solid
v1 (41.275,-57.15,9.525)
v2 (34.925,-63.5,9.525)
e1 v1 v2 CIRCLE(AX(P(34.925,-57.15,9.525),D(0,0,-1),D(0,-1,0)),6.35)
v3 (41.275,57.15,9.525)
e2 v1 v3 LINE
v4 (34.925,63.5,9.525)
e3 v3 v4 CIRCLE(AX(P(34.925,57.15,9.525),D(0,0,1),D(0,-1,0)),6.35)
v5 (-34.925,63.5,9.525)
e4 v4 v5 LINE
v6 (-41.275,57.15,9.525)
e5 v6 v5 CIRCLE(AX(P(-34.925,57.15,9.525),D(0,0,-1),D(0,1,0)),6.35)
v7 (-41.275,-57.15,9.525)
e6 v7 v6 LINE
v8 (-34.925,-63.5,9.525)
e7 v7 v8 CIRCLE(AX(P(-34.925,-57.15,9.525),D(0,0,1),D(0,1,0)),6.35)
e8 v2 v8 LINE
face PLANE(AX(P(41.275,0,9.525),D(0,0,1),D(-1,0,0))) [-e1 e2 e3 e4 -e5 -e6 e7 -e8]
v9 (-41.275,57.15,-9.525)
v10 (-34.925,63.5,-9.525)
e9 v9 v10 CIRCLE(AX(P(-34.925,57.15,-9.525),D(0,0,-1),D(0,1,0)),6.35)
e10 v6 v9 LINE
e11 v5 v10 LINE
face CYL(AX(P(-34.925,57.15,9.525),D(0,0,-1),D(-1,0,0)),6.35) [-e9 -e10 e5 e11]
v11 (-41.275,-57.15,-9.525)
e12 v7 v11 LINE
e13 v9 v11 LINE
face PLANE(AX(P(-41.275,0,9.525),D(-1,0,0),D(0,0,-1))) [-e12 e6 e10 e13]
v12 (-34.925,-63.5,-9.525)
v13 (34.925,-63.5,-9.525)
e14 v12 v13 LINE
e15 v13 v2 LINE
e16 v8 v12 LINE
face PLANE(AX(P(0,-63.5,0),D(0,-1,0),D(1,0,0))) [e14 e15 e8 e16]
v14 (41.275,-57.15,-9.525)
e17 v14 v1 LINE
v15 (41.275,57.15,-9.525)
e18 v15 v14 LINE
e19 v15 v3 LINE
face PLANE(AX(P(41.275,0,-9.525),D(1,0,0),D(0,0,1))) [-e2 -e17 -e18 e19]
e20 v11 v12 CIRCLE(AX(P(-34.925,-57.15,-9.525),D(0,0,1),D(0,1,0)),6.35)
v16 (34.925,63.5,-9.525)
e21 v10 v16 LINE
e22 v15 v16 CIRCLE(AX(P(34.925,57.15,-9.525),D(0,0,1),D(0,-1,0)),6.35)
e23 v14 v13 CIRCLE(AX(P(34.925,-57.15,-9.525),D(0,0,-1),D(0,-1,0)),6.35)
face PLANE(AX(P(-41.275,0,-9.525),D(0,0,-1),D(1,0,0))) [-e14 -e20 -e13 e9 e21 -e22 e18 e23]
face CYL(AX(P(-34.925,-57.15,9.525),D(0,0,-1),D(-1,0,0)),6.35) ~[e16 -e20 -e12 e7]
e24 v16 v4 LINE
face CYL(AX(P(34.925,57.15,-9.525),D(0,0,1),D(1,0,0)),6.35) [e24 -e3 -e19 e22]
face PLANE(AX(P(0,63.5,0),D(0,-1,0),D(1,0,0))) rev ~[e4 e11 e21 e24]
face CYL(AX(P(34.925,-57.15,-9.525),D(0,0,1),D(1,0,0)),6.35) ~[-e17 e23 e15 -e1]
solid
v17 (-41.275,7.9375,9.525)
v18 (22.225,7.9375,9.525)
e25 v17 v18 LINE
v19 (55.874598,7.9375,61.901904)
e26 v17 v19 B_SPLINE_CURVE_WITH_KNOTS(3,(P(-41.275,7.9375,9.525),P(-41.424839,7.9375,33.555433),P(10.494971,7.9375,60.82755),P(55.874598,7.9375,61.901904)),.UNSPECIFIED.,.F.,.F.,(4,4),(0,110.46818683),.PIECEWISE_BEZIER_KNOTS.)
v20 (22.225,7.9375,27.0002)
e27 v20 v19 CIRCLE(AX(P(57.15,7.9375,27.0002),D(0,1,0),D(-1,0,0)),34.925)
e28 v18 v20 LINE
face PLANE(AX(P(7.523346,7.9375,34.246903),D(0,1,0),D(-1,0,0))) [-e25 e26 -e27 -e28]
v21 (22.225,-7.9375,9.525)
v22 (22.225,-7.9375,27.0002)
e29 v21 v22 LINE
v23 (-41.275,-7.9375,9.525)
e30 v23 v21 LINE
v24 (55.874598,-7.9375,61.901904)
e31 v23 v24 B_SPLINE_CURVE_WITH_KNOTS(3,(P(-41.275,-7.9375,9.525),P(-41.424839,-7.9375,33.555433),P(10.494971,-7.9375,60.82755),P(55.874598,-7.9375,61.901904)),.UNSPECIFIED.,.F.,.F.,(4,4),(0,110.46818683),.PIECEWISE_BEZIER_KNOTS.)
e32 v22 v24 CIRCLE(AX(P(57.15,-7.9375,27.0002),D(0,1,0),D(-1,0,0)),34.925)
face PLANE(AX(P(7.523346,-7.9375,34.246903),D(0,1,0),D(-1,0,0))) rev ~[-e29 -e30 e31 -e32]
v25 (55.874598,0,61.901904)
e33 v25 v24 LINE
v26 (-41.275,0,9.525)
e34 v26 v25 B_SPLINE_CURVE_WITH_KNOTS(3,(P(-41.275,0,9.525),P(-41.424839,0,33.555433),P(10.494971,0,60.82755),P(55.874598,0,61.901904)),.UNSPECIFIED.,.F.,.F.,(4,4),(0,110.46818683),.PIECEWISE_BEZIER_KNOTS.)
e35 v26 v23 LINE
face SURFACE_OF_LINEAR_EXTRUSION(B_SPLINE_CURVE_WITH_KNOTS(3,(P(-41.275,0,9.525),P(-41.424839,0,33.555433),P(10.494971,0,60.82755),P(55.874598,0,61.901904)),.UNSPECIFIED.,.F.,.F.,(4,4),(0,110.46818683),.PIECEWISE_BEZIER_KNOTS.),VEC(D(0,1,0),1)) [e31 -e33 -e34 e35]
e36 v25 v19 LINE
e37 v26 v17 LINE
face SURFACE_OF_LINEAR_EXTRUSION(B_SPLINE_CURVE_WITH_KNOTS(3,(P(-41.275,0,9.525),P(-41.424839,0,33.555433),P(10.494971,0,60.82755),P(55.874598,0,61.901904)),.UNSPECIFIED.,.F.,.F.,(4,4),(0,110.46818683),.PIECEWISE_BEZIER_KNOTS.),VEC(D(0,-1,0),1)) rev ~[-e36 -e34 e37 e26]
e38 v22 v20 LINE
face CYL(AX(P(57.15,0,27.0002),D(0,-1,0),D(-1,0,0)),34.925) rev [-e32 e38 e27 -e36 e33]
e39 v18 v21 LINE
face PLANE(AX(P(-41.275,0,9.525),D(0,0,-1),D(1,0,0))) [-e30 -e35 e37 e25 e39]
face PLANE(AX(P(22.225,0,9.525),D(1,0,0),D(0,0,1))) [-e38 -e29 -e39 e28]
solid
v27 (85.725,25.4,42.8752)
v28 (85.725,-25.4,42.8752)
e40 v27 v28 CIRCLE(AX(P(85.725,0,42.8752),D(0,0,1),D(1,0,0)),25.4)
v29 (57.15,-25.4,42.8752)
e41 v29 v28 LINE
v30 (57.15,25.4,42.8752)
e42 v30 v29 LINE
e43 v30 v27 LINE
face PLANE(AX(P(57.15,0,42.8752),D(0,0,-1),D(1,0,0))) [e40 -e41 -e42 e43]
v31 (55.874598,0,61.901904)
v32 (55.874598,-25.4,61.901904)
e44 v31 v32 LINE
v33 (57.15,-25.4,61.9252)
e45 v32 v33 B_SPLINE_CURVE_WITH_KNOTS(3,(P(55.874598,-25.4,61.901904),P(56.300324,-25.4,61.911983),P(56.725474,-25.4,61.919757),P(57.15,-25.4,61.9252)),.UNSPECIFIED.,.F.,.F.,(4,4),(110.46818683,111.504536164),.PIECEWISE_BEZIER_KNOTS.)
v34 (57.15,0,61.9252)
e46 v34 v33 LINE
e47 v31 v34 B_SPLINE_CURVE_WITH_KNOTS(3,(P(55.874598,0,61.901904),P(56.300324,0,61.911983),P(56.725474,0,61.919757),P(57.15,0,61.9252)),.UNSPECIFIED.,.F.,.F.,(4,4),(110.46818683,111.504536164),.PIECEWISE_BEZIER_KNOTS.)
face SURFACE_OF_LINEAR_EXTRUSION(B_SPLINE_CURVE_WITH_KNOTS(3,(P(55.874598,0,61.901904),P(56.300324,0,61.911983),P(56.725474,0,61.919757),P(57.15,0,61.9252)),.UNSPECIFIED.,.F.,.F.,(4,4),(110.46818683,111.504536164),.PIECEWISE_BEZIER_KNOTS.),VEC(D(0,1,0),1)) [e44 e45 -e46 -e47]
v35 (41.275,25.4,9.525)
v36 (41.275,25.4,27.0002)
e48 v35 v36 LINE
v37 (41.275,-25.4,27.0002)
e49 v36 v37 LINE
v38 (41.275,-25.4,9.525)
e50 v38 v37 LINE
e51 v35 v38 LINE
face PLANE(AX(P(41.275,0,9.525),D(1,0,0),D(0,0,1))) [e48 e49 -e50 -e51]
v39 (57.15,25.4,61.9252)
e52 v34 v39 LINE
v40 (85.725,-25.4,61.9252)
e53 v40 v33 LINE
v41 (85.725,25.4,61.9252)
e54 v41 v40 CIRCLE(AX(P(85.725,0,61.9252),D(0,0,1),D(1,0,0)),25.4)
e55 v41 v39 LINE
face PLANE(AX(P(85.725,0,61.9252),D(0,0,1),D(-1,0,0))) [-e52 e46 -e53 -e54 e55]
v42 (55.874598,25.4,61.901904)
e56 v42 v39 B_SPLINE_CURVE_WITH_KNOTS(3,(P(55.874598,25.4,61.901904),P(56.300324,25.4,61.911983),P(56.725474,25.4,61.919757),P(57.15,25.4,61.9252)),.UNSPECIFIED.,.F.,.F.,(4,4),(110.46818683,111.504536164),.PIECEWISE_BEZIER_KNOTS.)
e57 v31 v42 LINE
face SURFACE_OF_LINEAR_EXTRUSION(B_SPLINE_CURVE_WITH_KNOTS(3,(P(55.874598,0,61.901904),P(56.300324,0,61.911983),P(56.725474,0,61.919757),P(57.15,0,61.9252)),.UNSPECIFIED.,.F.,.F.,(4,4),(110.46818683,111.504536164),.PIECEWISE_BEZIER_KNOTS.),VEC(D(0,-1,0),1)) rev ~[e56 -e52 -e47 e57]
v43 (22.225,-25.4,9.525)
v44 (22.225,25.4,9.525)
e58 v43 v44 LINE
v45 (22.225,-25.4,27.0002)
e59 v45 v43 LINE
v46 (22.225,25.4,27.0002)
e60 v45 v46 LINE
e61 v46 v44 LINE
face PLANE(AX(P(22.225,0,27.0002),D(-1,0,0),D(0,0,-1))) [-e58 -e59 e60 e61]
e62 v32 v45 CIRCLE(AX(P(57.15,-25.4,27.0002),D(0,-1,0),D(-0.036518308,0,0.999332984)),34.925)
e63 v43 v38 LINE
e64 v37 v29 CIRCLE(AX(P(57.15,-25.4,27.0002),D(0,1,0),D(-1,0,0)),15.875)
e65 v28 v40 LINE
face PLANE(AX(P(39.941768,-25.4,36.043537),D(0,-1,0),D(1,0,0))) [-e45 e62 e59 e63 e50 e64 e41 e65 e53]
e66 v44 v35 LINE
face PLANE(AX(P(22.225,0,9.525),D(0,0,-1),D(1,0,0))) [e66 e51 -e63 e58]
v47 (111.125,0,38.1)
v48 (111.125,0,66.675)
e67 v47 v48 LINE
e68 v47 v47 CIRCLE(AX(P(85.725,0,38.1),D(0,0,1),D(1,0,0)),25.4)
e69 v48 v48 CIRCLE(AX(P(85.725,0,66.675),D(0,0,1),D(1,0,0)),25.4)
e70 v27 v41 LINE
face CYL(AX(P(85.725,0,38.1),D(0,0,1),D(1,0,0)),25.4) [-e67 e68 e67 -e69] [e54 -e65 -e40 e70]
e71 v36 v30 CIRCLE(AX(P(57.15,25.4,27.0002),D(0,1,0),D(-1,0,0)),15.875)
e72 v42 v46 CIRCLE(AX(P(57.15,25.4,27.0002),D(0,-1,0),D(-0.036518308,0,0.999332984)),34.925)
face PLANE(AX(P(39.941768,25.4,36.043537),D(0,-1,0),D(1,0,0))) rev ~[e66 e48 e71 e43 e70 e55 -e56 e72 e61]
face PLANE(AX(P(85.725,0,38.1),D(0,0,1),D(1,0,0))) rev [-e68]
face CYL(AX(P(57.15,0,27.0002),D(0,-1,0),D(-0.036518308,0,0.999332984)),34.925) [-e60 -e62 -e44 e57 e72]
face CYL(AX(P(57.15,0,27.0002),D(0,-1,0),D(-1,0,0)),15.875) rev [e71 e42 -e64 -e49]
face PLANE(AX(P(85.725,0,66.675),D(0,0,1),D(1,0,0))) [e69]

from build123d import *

# Parameters (mm, degrees)
F1_DEPTH = 63.5
F0_W     = 25.4
F0_H     = 19.05
F2_DEPTH = 25.4
F3_DEPTH = 7.9375
F5_R     = 6.35


with BuildPart() as f1:
    # F0 (on Front) → F1 (new body, symmetric)
    with BuildSketch(Plane.XZ):
        Polygon((-41.275, 9.525), (-41.275, -9.525), (41.275, -9.525), (41.275, 9.525), (22.225, 9.525), align=None)
    extrude(amount=F1_DEPTH, both=True)

    # F5
    f5_edges = [f1.edges().sort_by_distance(p)[0] for p in [
        (41.275, -63.5, 0),
        (-41.275, -63.5, 0),
        (41.275, 63.5, 0),
        (-41.275, 63.5, 0),
    ]]
    fillet(f5_edges, radius=F5_R)


with BuildPart() as f2:
    # F0 (on Front) → F2 (new body, symmetric)
    with BuildSketch(Plane.XZ):
        with BuildLine():
            Line((22.225, 9.525), (41.275, 9.525))
            Line((41.275, 9.525), (41.275, 27.0002))
            ThreePointArc((41.275, 27.0002), (45.9246798487, 38.2255201513), (57.15, 42.8752))
            Line((57.15, 42.8752), (60.325, 42.8752))
            Line((60.325, 42.8752), (60.325, 61.9252))
            Line((60.325, 61.9252), (57.15, 61.9252))
            add(Edge.make_bspline(
                [(55.8745981031, 61.9019044713), (56.3003238087, 61.9119834463), (56.7254739052, 61.919756725), (57.15, 61.9252)],
                knots=[110.4681868296, 110.4681868296, 110.4681868296, 110.4681868296, 111.5045361635, 111.5045361635, 111.5045361635, 111.5045361635], degree=3))
            ThreePointArc((55.8745981031, 61.9019044713), (32.0074162401, 51.240788006), (22.225, 27.0002))
            Line((22.225, 27.0002), (22.225, 9.525))
        make_face()
        with Locations((73.025, 52.4002)):
            Rectangle(F0_W, F0_H)
    extrude(amount=F2_DEPTH, both=True)

    # F0 (on Front) → F4 (revolve)
    with BuildSketch(Plane.XZ):
        Polygon((85.725, 66.675), (85.725, 61.9252), (85.725, 42.8752), (85.725, 38.1), (111.125, 38.1), (111.125, 66.675), align=None)
    revolve(axis=Axis((85.725, 0, 52.3875), (0, 0, 1)))


with BuildPart() as f3:
    # F0 (on Front) → F3 (new body, symmetric)
    with BuildSketch(Plane.XZ):
        with BuildLine():
            add(Edge.make_bspline(
                [(-41.275, 9.525), (-41.4248394155, 33.5554330459), (10.494970545, 60.8275504321), (55.8745981031, 61.9019044713)],
                knots=[0, 0, 0, 0, 110.4681868296, 110.4681868296, 110.4681868296, 110.4681868296], degree=3))
            Line((-41.275, 9.525), (22.225, 9.525))
            Line((22.225, 9.525), (22.225, 27.0002))
            ThreePointArc((22.225, 27.0002), (32.0074162401, 51.240788006), (55.8745981031, 61.9019044713))
        make_face()
    extrude(amount=F3_DEPTH, both=True)


solid = Compound([f1.part, f2.part, f3.part])
